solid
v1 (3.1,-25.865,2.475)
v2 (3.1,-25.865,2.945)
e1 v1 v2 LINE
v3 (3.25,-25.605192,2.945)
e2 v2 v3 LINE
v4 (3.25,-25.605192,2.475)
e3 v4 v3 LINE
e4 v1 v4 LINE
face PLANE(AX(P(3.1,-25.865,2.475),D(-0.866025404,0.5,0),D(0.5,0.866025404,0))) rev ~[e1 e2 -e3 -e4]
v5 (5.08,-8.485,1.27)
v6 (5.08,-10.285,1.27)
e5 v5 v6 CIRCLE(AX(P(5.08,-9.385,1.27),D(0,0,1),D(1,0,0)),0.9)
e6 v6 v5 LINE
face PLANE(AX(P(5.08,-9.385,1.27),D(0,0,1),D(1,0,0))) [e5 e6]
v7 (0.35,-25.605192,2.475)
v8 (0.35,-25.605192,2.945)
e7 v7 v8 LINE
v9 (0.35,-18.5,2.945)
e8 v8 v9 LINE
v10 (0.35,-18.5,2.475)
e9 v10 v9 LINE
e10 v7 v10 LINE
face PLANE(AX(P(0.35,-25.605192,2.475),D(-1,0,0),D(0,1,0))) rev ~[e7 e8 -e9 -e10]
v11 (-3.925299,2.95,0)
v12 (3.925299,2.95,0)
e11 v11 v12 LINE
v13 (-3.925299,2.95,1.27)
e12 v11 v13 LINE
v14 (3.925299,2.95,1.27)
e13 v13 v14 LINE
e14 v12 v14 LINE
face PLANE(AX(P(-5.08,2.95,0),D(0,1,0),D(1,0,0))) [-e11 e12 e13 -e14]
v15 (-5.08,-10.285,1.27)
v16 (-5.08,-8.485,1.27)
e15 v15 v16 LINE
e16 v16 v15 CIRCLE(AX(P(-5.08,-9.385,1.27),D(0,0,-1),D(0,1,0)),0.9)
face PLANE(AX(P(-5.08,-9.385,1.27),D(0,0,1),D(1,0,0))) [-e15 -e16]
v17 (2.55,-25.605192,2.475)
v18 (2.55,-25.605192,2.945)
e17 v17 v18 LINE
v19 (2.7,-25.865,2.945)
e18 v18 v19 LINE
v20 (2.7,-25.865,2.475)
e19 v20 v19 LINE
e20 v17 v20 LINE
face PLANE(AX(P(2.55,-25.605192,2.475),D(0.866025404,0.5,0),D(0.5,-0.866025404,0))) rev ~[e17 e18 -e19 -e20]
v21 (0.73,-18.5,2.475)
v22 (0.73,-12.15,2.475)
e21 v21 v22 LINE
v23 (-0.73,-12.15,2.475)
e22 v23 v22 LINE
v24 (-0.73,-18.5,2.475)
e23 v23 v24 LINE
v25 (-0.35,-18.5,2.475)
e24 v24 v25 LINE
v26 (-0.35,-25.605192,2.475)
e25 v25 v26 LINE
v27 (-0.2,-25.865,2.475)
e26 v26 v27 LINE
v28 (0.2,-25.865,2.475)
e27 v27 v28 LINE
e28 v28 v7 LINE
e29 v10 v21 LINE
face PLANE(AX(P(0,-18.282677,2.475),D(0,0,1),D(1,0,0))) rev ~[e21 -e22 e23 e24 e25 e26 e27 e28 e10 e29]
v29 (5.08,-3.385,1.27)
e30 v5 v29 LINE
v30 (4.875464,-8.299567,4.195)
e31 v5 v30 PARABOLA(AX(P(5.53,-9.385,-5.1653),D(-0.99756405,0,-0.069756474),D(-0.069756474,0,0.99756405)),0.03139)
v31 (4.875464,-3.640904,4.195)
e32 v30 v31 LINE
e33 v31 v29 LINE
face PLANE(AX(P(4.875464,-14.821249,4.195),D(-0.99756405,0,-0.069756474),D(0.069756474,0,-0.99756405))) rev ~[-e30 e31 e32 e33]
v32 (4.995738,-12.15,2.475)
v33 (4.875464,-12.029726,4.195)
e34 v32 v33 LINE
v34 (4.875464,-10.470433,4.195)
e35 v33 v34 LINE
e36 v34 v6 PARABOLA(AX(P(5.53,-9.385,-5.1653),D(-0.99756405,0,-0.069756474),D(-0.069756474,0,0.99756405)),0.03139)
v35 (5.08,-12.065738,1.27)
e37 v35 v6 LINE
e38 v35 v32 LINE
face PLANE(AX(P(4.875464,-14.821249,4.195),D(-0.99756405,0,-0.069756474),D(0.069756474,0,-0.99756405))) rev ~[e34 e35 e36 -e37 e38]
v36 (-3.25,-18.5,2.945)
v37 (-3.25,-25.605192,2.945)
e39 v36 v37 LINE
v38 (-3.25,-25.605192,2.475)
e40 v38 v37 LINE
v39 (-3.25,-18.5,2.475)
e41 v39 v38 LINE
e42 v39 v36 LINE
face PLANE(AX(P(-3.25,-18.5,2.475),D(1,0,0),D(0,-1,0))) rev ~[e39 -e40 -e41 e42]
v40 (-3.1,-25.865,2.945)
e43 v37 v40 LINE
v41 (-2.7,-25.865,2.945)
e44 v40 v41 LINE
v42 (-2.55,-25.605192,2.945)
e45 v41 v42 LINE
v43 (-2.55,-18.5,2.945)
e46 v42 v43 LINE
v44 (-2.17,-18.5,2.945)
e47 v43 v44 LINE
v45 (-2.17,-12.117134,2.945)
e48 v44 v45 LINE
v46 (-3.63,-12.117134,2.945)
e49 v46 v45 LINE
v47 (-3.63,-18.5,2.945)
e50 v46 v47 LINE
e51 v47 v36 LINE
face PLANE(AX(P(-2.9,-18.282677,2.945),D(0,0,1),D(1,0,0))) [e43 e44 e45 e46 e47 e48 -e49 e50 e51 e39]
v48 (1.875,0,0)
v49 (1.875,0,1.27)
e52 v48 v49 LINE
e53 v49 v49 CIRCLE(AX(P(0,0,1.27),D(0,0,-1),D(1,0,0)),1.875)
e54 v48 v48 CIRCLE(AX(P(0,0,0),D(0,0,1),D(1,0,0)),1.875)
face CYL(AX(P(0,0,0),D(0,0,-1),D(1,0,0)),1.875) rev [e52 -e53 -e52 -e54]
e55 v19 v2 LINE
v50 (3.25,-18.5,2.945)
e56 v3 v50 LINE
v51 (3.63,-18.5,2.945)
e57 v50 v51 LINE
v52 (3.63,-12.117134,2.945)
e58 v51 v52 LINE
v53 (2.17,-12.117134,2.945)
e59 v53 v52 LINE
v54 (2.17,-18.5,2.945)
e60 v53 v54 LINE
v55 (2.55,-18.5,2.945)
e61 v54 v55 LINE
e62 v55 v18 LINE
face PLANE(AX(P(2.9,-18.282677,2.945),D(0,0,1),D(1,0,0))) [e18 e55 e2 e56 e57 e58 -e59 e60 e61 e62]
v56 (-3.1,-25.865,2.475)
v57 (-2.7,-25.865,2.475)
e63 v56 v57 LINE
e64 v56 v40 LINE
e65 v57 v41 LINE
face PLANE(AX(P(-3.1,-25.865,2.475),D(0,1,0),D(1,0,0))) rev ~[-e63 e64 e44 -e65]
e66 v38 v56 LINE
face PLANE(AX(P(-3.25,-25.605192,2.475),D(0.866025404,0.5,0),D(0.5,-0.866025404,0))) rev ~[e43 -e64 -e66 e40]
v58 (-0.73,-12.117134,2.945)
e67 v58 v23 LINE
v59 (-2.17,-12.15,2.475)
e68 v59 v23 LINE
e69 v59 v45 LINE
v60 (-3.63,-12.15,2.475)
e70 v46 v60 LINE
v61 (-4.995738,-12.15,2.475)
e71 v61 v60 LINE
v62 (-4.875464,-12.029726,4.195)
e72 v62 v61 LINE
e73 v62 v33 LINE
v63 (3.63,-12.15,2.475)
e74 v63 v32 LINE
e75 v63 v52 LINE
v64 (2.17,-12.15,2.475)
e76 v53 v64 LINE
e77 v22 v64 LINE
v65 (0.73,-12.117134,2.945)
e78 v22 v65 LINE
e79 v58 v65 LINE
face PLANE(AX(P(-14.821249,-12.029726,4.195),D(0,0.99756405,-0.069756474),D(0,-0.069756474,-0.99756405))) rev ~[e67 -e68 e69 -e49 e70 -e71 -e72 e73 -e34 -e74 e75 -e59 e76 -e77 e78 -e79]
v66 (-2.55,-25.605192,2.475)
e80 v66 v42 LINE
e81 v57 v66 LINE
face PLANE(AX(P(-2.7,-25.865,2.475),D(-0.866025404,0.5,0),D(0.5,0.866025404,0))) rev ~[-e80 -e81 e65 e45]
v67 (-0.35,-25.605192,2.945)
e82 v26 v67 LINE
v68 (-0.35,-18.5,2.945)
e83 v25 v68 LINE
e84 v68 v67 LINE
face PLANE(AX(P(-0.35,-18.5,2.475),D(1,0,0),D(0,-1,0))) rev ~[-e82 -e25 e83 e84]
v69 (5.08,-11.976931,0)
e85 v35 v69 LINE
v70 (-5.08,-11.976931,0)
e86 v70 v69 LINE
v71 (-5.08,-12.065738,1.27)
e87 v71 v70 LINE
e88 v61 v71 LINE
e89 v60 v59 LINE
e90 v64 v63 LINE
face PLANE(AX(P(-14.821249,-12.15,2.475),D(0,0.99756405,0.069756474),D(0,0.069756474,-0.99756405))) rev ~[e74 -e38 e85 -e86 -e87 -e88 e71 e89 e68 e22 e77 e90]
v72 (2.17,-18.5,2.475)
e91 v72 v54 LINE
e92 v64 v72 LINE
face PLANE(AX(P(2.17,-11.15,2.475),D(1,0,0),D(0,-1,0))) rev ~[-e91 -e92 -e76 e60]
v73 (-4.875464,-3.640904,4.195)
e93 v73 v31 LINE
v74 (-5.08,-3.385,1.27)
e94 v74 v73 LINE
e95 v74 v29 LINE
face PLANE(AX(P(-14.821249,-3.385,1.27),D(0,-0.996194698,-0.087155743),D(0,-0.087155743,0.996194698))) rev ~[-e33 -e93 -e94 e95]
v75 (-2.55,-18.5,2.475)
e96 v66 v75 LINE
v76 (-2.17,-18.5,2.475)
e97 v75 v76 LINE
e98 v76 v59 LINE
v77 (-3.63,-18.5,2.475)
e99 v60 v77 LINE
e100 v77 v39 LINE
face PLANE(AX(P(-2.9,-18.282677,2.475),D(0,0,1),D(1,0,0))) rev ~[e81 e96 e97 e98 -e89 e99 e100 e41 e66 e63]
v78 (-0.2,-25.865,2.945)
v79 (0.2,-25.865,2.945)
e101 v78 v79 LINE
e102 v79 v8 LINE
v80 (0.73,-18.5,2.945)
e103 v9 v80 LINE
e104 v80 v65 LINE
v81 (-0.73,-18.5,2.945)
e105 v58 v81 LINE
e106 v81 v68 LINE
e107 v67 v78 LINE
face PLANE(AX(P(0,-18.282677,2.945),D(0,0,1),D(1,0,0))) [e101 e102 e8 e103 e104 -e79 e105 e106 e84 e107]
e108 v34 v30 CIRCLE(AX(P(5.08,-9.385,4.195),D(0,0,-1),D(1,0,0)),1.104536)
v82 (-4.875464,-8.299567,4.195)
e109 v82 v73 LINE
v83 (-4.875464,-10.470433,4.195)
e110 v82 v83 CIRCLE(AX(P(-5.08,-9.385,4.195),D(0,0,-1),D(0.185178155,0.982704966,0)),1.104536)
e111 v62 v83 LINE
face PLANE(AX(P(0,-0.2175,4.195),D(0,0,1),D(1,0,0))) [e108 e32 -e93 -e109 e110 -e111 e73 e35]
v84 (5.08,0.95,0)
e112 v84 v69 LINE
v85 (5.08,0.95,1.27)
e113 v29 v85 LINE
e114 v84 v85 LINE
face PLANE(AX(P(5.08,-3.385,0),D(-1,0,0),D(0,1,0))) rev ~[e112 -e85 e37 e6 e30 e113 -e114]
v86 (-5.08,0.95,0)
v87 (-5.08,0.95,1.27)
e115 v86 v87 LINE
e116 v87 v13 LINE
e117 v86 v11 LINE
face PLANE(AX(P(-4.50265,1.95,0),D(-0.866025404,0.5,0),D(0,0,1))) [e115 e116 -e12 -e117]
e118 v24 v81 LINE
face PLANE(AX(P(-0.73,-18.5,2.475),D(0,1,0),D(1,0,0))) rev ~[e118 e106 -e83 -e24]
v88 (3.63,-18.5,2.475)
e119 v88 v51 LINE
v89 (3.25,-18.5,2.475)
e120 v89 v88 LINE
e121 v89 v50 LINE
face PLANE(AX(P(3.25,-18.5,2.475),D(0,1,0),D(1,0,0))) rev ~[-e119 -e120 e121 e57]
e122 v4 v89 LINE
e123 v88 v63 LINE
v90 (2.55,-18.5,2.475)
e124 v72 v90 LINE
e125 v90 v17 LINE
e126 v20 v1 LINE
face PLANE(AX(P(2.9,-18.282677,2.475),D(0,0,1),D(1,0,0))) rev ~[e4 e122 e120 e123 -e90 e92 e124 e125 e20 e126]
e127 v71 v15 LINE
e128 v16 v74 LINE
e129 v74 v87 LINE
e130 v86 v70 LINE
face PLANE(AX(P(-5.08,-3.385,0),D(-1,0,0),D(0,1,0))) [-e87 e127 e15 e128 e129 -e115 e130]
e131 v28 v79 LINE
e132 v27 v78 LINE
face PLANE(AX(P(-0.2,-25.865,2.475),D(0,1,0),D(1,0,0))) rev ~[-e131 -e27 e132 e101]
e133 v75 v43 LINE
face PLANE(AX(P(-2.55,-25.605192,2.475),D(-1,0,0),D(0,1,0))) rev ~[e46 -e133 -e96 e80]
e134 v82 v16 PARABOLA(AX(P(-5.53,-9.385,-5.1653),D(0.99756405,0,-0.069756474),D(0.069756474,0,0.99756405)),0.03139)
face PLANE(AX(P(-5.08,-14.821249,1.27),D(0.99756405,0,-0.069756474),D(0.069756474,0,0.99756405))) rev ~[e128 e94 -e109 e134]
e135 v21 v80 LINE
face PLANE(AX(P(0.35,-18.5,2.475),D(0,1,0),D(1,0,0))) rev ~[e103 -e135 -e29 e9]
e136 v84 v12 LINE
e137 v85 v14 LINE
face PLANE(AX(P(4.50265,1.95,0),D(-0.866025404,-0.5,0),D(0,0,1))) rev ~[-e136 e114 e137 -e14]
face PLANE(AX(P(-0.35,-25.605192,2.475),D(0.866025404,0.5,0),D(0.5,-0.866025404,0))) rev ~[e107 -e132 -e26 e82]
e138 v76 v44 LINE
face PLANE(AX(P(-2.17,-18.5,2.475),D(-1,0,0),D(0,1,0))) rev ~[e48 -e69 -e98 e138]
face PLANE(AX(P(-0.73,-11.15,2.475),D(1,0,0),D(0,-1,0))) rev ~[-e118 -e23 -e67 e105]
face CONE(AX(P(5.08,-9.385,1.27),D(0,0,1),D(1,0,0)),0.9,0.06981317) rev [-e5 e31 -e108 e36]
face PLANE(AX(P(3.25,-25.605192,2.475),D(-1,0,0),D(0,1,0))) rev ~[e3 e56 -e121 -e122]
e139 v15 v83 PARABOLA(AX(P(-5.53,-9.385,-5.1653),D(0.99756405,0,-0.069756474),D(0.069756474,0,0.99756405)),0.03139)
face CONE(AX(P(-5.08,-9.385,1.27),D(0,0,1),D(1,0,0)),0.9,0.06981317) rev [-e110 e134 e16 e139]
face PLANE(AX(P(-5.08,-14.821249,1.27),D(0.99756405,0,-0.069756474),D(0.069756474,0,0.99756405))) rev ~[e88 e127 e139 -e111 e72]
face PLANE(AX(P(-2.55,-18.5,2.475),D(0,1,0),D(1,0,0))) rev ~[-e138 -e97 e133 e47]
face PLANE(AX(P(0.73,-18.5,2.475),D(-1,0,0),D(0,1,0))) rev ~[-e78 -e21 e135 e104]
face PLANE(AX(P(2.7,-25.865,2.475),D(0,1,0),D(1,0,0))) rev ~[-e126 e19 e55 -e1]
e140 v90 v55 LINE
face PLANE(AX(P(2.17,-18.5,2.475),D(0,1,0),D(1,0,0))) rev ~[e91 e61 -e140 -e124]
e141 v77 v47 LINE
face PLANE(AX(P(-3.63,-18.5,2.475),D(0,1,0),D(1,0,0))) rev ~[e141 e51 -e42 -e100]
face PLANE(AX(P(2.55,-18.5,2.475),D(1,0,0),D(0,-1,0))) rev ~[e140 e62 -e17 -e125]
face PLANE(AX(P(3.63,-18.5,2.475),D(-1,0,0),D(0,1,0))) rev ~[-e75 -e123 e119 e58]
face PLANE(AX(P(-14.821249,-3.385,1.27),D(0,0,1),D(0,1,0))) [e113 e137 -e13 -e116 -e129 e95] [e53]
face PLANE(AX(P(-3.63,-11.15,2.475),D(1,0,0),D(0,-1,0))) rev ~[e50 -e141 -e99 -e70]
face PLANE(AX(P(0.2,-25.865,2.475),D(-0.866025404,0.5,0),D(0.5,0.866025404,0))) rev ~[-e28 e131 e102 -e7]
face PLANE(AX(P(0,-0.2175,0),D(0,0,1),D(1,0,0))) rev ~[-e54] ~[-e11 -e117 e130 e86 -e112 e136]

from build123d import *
from OCP.BRepFilletAPI import BRepFilletAPI_MakeChamfer

# Parameters (mm, degrees)
SKIZZE1_W                                 = 10.16
SKIZZE1_H                                 = 8.765
SKIZZE1_H_2                               = 6.335
SKIZZE1_R                                 = 1.875
AUFSATZ_LINEAR_AUSTRAGEN1_DEPTH           = 4.195
SCHNITT_LINEAR_AUSTRAGEN1_DEPTH           = 14.821249039
SCHNITT_LINEAR_AUSTRAGEN1_DEPTH_BACK      = 14.821249039
SCHNITT_LINEAR_AUSTRAGEN2_DEPTH           = 14.821249039
SCHNITT_LINEAR_AUSTRAGEN2_DEPTH_BACK      = 14.821249039
AUFSATZ_LINEAR_AUSTRAGEN2_DEPTH           = 0.47
SKIZZE6_R                                 = 0.9
SCHNITT_LINEAR_AUSTRAGEN3_DEPTH           = 27.52093984
SCHNITT_LINEAR_AUSTRAGEN3_DRAFT           = -4
SCHNITT_LINEAR_AUSTRAGEN3_PROFILE_2_DEPTH = 27.52093984
SCHNITT_LINEAR_AUSTRAGEN3_PROFILE_2_DRAFT = -4
FASE1_SIZE                                = 2
FASE1_SIZE2                               = 1.154700538


with BuildPart() as part:
    # Skizze1 → Aufsatz-Linear austragen1 (new body)
    # profile 1 of 2: a face of its own
    with BuildSketch(Plane.XY):
        with Locations((0, -7.7675)):
            Rectangle(SKIZZE1_W, SKIZZE1_H)
    # profile 2 of 2: a face of its own
    with BuildSketch(Plane.XY):
        with Locations((0, -0.2175)):
            Rectangle(SKIZZE1_W, SKIZZE1_H_2)
        Circle(SKIZZE1_R, mode=Mode.SUBTRACT)
    extrude(amount=AUFSATZ_LINEAR_AUSTRAGEN1_DEPTH)

    # Skizze3 → Schnitt-Linear austragen1 (cut, two sides: drawn at the far end of the back side and taken through both)
    with BuildSketch(Plane(origin=(0, 0, 0), x_dir=(0, 0, -1), z_dir=(1, 0, 0)).offset(-SCHNITT_LINEAR_AUSTRAGEN1_DEPTH_BACK)):
        Polygon((-1.27, 43.960404594), (-1.27, 2.95), (-1.27, -3.385), (-4.195, -3.640904341), (-4.195, -12.029725883), (-2.475, -12.15), (0, -11.97693114), (40.91050531, -9.116189929), (-23.302349016, -60.146793289), (-65.482854325, -7.070198766), align=None)
    extrude(amount=SCHNITT_LINEAR_AUSTRAGEN1_DEPTH + SCHNITT_LINEAR_AUSTRAGEN1_DEPTH_BACK, mode=Mode.SUBTRACT)

    # Skizze4 → Schnitt-Linear austragen2 (cut, two sides: drawn at the far end of the back side and taken through both)
    with BuildSketch(Plane(origin=(0, 0, 0), x_dir=(1, 0, 0), z_dir=(0, 1, 0)).offset(-SCHNITT_LINEAR_AUSTRAGEN2_DEPTH_BACK)):
        Polygon((-7.252588261, 29.799459635), (-5.08, -1.27), (-4.875464075, -4.195), (4.875464075, -4.195), (5.08, -1.27), (7.252588261, 29.799459635), (7.252588261, -32.491196543), (-7.252588261, -32.491196543), align=None)
    extrude(amount=SCHNITT_LINEAR_AUSTRAGEN2_DEPTH + SCHNITT_LINEAR_AUSTRAGEN2_DEPTH_BACK, mode=Mode.SUBTRACT)

    # Skizze5 → Aufsatz-Linear austragen2 (add)
    with BuildSketch(Plane.XY.offset(2.475)):
        Polygon((-3.63, -11.15), (-3.63, -18.5), (-3.25, -18.5), (-3.25, -25.605192379), (-3.1, -25.865), (-2.7, -25.865), (-2.55, -25.605192379), (-2.55, -18.5), (-2.17, -18.5), (-2.17, -11.15), align=None)
        Polygon((-0.73, -11.15), (-0.73, -18.5), (-0.35, -18.5), (-0.35, -25.605192379), (-0.2, -25.865), (0.2, -25.865), (0.35, -25.605192379), (0.35, -18.5), (0.73, -18.5), (0.73, -11.15), align=None)
        Polygon((2.17, -11.15), (2.17, -18.5), (2.55, -18.5), (2.55, -25.605192379), (2.7, -25.865), (3.1, -25.865), (3.25, -25.605192379), (3.25, -18.5), (3.63, -18.5), (3.63, -11.15), align=None)
    extrude(amount=AUFSATZ_LINEAR_AUSTRAGEN2_DEPTH)


with BuildPart() as schnitt_linear_austragen3_tool:
    # Skizze6 → Schnitt-Linear austragen3 (with draft: the straight prism first)
    with BuildSketch(Plane.XY.offset(1.27)):
        with Locations((-5.08, -9.385)):
            Circle(SKIZZE6_R)
    extrude(amount=SCHNITT_LINEAR_AUSTRAGEN3_DEPTH)
    # Schnitt-Linear austragen3: the draft: its side faces are tilted about the plane it starts from
    schnitt_linear_austragen3_sides = [schnitt_linear_austragen3_tool.faces().sort_by_distance(p)[0] for p in [
        (-5.98, -9.385, 15.03046992),
    ]]
    draft(schnitt_linear_austragen3_sides, Plane.XY.offset(1.27), SCHNITT_LINEAR_AUSTRAGEN3_DRAFT)


with BuildPart() as part_1:
    add(part.part)

    # Schnitt-Linear austragen3: cut by schnitt_linear_austragen3_tool
    add(schnitt_linear_austragen3_tool.part, mode=Mode.SUBTRACT)


with BuildPart() as schnitt_linear_austragen3_profile_2_tool:
    # Skizze6 → Schnitt-Linear austragen3 profile 2 (with draft: the straight prism first)
    with BuildSketch(Plane.XY.offset(1.27)):
        with Locations((5.08, -9.385)):
            Circle(SKIZZE6_R)
    extrude(amount=SCHNITT_LINEAR_AUSTRAGEN3_PROFILE_2_DEPTH)
    # Schnitt-Linear austragen3 profile 2: the draft: its side faces are tilted about the plane it starts from
    schnitt_linear_austragen3_profile_2_sides = [schnitt_linear_austragen3_profile_2_tool.faces().sort_by_distance(p)[0] for p in [
        (4.18, -9.385, 15.03046992),
    ]]
    draft(schnitt_linear_austragen3_profile_2_sides, Plane.XY.offset(1.27), SCHNITT_LINEAR_AUSTRAGEN3_PROFILE_2_DRAFT)


with BuildPart() as part_2:
    add(part_1.part)

    # Schnitt-Linear austragen3 profile 2: cut by schnitt_linear_austragen3_profile_2_tool
    add(schnitt_linear_austragen3_profile_2_tool.part, mode=Mode.SUBTRACT)

    # Fase1: one chamfer whose edges measure the first distance from different faces: ONE call of the kernel's chamfer builder (chamfer() names one face for all edges)
    fase1_edges_1 = [part_2.edges().sort_by_distance(p)[0] for p in [
        (-5.08, 2.95, 0.635),
    ]]
    fase1_side_1 = [part_2.faces().sort_by_distance(p)[0] for p in [
        (-5.08, -4.535689282, 0.635627783),
    ]]
    fase1_edges_2 = [part_2.edges().sort_by_distance(p)[0] for p in [
        (5.08, 2.95, 0.635),
    ]]
    fase1_side_2 = [part_2.faces().sort_by_distance(p)[0] for p in [
        (5.08, -4.535689282, 0.635627783),
    ]]
    fase1 = BRepFilletAPI_MakeChamfer(part_2.part.solid().wrapped)
    for e in fase1_edges_1:
        fase1.Add(FASE1_SIZE, FASE1_SIZE2, e.wrapped, fase1_side_1[0].wrapped)  # the first distance lies on this face
    for e in fase1_edges_2:
        fase1.Add(FASE1_SIZE, FASE1_SIZE2, e.wrapped, fase1_side_2[0].wrapped)  # the first distance lies on this face
    add(Compound.cast(fase1.Shape()), mode=Mode.REPLACE)


solid = part_2.part
